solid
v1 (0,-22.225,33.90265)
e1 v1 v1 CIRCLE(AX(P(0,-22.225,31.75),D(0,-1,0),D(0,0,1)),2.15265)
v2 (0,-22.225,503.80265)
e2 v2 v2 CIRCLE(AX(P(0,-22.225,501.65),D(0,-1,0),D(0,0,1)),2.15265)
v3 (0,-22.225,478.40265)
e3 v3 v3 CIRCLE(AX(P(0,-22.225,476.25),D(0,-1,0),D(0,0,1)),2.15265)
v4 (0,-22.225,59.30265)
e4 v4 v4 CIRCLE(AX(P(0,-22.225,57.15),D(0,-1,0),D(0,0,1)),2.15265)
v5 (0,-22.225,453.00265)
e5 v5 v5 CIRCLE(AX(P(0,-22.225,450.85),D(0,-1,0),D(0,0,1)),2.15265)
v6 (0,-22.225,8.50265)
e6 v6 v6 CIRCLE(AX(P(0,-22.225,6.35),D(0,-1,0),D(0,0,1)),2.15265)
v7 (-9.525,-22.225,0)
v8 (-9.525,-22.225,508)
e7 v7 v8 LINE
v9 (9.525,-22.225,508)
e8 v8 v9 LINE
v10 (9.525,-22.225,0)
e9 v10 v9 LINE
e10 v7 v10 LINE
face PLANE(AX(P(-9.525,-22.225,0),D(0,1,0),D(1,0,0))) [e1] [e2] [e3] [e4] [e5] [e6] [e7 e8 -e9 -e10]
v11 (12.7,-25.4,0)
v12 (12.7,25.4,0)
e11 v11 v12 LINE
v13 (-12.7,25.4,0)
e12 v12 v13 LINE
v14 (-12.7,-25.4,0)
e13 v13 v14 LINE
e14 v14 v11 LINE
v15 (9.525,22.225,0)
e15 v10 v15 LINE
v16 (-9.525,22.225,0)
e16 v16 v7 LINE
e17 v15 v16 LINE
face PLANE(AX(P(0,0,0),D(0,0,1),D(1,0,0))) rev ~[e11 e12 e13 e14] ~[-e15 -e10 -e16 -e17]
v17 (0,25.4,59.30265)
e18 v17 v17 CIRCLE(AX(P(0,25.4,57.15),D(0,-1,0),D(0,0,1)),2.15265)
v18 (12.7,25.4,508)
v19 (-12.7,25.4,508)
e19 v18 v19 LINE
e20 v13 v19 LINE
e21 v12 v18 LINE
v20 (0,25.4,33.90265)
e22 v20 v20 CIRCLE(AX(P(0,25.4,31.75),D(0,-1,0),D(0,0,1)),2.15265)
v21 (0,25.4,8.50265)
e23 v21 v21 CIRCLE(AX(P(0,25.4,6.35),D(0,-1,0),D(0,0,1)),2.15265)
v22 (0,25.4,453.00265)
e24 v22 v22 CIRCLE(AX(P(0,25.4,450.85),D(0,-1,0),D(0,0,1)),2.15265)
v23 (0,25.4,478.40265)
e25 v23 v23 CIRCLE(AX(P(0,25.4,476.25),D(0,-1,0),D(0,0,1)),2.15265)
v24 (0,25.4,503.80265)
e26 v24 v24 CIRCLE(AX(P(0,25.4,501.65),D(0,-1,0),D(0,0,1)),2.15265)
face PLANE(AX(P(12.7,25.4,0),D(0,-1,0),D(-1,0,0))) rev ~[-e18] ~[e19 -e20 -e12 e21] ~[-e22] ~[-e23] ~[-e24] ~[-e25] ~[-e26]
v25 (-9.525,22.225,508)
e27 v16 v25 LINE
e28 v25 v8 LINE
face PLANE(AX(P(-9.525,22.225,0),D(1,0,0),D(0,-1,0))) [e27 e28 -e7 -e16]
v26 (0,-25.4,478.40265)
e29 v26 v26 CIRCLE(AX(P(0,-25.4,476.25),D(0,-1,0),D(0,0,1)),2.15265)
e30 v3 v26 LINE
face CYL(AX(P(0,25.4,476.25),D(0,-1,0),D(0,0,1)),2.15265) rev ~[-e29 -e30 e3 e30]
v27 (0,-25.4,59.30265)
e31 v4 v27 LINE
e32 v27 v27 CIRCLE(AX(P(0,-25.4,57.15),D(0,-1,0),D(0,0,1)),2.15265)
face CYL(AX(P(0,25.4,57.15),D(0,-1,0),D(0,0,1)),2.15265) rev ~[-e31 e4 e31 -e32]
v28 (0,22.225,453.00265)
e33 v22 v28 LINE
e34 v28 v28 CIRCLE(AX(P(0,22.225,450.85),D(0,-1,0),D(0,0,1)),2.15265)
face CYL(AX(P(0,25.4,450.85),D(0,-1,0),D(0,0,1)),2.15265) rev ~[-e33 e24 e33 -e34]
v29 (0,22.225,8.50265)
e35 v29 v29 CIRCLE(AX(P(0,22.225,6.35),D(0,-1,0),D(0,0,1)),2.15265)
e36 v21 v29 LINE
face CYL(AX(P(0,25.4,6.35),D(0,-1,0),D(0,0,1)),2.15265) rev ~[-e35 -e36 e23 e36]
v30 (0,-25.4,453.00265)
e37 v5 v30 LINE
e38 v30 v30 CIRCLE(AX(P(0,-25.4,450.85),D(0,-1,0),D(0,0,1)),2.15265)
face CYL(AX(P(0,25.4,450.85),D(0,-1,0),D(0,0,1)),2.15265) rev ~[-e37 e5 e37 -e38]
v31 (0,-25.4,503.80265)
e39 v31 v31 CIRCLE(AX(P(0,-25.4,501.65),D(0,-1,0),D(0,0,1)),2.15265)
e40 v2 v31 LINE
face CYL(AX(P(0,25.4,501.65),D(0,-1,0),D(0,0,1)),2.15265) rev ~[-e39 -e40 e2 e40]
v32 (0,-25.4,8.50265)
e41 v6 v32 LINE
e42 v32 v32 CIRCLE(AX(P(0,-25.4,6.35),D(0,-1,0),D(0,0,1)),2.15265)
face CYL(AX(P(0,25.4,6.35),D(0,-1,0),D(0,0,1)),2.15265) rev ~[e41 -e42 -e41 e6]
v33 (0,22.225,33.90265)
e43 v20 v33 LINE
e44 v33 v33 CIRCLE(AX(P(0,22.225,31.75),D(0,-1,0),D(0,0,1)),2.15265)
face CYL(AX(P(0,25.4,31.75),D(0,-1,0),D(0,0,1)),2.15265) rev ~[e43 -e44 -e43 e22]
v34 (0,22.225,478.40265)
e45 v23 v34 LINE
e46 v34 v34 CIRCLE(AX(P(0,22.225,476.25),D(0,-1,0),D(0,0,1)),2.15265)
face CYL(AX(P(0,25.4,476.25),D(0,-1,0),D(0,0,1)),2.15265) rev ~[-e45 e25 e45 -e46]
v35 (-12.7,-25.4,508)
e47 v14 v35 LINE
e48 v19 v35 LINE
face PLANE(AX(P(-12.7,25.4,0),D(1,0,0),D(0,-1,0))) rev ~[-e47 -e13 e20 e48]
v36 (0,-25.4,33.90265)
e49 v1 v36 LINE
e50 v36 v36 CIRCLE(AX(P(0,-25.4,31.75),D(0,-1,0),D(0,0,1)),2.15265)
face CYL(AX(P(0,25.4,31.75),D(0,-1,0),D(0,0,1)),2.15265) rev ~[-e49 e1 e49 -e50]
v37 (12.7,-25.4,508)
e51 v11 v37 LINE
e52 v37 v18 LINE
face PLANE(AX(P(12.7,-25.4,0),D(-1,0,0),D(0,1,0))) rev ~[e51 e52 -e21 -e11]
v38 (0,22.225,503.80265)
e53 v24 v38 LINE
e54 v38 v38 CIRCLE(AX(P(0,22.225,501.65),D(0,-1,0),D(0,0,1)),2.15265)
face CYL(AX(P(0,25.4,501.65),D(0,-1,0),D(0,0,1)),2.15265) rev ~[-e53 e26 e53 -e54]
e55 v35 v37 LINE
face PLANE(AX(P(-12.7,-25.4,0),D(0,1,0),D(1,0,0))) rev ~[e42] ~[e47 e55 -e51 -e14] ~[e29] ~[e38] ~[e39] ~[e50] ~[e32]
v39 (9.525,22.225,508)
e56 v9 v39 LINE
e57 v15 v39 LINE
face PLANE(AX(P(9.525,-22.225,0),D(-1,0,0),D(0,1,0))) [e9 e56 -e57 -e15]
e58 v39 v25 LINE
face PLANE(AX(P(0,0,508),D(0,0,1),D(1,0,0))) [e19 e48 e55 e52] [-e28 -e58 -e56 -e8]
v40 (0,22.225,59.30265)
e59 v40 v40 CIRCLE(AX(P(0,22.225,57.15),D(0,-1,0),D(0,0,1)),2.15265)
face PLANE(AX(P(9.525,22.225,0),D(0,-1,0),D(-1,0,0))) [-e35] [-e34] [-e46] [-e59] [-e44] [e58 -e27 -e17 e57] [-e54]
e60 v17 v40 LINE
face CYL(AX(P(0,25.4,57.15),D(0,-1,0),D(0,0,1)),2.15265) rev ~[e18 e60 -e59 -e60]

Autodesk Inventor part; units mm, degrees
ref_plane "YZ Plane" through (0, 0, 0) normal (1, 0, 0) x (0, 1, 0)
ref_plane "Start Plane" through (0, 0, 0) normal (0, 0, 1) x (1, 0, 0)
ref_plane "End Plane" through (0, 0, 508) normal (0, 0, 1) x (1, 0, 0)
sketch "Sketch" plane through (0, 0, 0) normal (0, 0, 1) x (1, 0, 0)
  line L0 (-12.7, -25.4) -> (12.7, -25.4)
  line L1 (12.7, -25.4) -> (12.7, 25.4)
  line L2 (12.7, 25.4) -> (-12.7, 25.4)
  line L3 (-12.7, 25.4) -> (-12.7, -25.4)
  line L4 (-12.7, -25.4) -> (12.7, 25.4) construction
  line L5 (12.7, -25.4) -> (-12.7, 25.4) construction
  line L6 (-9.525, -22.225) -> (9.525, -22.225)
  line L7 (9.525, -22.225) -> (9.525, 22.225)
  line L8 (9.525, 22.225) -> (-9.525, 22.225)
  line L9 (-9.525, 22.225) -> (-9.525, -22.225)
  line L10 (-9.525, -22.225) -> (9.525, 22.225) construction
  line L11 (9.525, -22.225) -> (-9.525, 22.225) construction
  point P0 (0, 0)
  dimension "d0" = 25.4
  dimension "d1" = 50.8
  dimension "d2" = 3.175
  dimension "d3" = 3.175
extrude "Body" add sketch "Sketch" along normal up to surface (508 mm away) from surface at 0
sketch "Sketch6" plane through (0, 0, 0) normal (0, 0, 1) x (1, 0, 0)
  line L0 (0, 0) -> (10, 0)
ref_plane "Work Plane5" through (0, 0, 0) normal (0, -1, 0) x (1, 0, 0)
sketch "Sketch7" plane through (0, 0, 0) normal (0, -1, 0) x (1, 0, 0)
  line L0 (-2, 0) -> (12, 0)
  line L1 (-2, 508) -> (12, 508)
  dimension "d11" = 508
sketch "Sketch8" plane through (-12.7, 25.4, 508) normal (0, 1, 0) x (1, 0, 0)
  point P0 (12.7, 508)
sketch "Sketch9" plane through (-12.7, 25.4, 508) normal (0, 1, 0) x (1, 0, 0)
  line L0 (0, 508) -> (25.4, 508) projected
  line L1 (0, 0) -> (25.4, 0) projected
  point P0 (12.7, 508)
  point P1 (12.7, 501.65)
  point P2 (12.7, 476.25)
  point P3 (12.7, 450.85)
  point P4 (12.7, 6.35)
  point P5 (12.7, 31.75)
  point P6 (12.7, 57.15)
  point P7 (12.7, 0)
  dimension "d16" = 6.35
  dimension "d17" = 25.4
  dimension "d18" = 25.4
  dimension "d19" = 6.35
  dimension "d20" = 25.4
  dimension "d21" = 25.4
hole "Hole1" at (0, 25.4, 501.65) at (0, 25.4, 476.25) at (0, 25.4, 450.85) at (0, 25.4, 57.15) at (0, 25.4, 31.75) at (0, 25.4, 6.35) direction (0, -1, 0) diameter 4.3053 depth 50.8 tip angle 118 clearance for "Pop Rivet" size "5/32" standard "4859 Fastners"
equation "\"d0\" = Width"
equation "\"d1\" = Height"
equation "\"d2\" = Thickness"
equation "\"d3\" = Thickness"
equation "\"Height\" = 50.8"
equation "\"Width\" = 25.4"
equation "\"Thickness\" = 3.175"
equation "\"BaseLength\" = 508"
equation "\"G_OFFSET_START\" = 0"
equation "\"G_OFFSET_END\" = 0"
equation "\"d7\" = BaseLength + G_OFFSET_END"
equation "\"G_L\" = d11"
properties part number "AL RECT TUBE 2 x 1 x 0.125" material "Aluminum 6061"
